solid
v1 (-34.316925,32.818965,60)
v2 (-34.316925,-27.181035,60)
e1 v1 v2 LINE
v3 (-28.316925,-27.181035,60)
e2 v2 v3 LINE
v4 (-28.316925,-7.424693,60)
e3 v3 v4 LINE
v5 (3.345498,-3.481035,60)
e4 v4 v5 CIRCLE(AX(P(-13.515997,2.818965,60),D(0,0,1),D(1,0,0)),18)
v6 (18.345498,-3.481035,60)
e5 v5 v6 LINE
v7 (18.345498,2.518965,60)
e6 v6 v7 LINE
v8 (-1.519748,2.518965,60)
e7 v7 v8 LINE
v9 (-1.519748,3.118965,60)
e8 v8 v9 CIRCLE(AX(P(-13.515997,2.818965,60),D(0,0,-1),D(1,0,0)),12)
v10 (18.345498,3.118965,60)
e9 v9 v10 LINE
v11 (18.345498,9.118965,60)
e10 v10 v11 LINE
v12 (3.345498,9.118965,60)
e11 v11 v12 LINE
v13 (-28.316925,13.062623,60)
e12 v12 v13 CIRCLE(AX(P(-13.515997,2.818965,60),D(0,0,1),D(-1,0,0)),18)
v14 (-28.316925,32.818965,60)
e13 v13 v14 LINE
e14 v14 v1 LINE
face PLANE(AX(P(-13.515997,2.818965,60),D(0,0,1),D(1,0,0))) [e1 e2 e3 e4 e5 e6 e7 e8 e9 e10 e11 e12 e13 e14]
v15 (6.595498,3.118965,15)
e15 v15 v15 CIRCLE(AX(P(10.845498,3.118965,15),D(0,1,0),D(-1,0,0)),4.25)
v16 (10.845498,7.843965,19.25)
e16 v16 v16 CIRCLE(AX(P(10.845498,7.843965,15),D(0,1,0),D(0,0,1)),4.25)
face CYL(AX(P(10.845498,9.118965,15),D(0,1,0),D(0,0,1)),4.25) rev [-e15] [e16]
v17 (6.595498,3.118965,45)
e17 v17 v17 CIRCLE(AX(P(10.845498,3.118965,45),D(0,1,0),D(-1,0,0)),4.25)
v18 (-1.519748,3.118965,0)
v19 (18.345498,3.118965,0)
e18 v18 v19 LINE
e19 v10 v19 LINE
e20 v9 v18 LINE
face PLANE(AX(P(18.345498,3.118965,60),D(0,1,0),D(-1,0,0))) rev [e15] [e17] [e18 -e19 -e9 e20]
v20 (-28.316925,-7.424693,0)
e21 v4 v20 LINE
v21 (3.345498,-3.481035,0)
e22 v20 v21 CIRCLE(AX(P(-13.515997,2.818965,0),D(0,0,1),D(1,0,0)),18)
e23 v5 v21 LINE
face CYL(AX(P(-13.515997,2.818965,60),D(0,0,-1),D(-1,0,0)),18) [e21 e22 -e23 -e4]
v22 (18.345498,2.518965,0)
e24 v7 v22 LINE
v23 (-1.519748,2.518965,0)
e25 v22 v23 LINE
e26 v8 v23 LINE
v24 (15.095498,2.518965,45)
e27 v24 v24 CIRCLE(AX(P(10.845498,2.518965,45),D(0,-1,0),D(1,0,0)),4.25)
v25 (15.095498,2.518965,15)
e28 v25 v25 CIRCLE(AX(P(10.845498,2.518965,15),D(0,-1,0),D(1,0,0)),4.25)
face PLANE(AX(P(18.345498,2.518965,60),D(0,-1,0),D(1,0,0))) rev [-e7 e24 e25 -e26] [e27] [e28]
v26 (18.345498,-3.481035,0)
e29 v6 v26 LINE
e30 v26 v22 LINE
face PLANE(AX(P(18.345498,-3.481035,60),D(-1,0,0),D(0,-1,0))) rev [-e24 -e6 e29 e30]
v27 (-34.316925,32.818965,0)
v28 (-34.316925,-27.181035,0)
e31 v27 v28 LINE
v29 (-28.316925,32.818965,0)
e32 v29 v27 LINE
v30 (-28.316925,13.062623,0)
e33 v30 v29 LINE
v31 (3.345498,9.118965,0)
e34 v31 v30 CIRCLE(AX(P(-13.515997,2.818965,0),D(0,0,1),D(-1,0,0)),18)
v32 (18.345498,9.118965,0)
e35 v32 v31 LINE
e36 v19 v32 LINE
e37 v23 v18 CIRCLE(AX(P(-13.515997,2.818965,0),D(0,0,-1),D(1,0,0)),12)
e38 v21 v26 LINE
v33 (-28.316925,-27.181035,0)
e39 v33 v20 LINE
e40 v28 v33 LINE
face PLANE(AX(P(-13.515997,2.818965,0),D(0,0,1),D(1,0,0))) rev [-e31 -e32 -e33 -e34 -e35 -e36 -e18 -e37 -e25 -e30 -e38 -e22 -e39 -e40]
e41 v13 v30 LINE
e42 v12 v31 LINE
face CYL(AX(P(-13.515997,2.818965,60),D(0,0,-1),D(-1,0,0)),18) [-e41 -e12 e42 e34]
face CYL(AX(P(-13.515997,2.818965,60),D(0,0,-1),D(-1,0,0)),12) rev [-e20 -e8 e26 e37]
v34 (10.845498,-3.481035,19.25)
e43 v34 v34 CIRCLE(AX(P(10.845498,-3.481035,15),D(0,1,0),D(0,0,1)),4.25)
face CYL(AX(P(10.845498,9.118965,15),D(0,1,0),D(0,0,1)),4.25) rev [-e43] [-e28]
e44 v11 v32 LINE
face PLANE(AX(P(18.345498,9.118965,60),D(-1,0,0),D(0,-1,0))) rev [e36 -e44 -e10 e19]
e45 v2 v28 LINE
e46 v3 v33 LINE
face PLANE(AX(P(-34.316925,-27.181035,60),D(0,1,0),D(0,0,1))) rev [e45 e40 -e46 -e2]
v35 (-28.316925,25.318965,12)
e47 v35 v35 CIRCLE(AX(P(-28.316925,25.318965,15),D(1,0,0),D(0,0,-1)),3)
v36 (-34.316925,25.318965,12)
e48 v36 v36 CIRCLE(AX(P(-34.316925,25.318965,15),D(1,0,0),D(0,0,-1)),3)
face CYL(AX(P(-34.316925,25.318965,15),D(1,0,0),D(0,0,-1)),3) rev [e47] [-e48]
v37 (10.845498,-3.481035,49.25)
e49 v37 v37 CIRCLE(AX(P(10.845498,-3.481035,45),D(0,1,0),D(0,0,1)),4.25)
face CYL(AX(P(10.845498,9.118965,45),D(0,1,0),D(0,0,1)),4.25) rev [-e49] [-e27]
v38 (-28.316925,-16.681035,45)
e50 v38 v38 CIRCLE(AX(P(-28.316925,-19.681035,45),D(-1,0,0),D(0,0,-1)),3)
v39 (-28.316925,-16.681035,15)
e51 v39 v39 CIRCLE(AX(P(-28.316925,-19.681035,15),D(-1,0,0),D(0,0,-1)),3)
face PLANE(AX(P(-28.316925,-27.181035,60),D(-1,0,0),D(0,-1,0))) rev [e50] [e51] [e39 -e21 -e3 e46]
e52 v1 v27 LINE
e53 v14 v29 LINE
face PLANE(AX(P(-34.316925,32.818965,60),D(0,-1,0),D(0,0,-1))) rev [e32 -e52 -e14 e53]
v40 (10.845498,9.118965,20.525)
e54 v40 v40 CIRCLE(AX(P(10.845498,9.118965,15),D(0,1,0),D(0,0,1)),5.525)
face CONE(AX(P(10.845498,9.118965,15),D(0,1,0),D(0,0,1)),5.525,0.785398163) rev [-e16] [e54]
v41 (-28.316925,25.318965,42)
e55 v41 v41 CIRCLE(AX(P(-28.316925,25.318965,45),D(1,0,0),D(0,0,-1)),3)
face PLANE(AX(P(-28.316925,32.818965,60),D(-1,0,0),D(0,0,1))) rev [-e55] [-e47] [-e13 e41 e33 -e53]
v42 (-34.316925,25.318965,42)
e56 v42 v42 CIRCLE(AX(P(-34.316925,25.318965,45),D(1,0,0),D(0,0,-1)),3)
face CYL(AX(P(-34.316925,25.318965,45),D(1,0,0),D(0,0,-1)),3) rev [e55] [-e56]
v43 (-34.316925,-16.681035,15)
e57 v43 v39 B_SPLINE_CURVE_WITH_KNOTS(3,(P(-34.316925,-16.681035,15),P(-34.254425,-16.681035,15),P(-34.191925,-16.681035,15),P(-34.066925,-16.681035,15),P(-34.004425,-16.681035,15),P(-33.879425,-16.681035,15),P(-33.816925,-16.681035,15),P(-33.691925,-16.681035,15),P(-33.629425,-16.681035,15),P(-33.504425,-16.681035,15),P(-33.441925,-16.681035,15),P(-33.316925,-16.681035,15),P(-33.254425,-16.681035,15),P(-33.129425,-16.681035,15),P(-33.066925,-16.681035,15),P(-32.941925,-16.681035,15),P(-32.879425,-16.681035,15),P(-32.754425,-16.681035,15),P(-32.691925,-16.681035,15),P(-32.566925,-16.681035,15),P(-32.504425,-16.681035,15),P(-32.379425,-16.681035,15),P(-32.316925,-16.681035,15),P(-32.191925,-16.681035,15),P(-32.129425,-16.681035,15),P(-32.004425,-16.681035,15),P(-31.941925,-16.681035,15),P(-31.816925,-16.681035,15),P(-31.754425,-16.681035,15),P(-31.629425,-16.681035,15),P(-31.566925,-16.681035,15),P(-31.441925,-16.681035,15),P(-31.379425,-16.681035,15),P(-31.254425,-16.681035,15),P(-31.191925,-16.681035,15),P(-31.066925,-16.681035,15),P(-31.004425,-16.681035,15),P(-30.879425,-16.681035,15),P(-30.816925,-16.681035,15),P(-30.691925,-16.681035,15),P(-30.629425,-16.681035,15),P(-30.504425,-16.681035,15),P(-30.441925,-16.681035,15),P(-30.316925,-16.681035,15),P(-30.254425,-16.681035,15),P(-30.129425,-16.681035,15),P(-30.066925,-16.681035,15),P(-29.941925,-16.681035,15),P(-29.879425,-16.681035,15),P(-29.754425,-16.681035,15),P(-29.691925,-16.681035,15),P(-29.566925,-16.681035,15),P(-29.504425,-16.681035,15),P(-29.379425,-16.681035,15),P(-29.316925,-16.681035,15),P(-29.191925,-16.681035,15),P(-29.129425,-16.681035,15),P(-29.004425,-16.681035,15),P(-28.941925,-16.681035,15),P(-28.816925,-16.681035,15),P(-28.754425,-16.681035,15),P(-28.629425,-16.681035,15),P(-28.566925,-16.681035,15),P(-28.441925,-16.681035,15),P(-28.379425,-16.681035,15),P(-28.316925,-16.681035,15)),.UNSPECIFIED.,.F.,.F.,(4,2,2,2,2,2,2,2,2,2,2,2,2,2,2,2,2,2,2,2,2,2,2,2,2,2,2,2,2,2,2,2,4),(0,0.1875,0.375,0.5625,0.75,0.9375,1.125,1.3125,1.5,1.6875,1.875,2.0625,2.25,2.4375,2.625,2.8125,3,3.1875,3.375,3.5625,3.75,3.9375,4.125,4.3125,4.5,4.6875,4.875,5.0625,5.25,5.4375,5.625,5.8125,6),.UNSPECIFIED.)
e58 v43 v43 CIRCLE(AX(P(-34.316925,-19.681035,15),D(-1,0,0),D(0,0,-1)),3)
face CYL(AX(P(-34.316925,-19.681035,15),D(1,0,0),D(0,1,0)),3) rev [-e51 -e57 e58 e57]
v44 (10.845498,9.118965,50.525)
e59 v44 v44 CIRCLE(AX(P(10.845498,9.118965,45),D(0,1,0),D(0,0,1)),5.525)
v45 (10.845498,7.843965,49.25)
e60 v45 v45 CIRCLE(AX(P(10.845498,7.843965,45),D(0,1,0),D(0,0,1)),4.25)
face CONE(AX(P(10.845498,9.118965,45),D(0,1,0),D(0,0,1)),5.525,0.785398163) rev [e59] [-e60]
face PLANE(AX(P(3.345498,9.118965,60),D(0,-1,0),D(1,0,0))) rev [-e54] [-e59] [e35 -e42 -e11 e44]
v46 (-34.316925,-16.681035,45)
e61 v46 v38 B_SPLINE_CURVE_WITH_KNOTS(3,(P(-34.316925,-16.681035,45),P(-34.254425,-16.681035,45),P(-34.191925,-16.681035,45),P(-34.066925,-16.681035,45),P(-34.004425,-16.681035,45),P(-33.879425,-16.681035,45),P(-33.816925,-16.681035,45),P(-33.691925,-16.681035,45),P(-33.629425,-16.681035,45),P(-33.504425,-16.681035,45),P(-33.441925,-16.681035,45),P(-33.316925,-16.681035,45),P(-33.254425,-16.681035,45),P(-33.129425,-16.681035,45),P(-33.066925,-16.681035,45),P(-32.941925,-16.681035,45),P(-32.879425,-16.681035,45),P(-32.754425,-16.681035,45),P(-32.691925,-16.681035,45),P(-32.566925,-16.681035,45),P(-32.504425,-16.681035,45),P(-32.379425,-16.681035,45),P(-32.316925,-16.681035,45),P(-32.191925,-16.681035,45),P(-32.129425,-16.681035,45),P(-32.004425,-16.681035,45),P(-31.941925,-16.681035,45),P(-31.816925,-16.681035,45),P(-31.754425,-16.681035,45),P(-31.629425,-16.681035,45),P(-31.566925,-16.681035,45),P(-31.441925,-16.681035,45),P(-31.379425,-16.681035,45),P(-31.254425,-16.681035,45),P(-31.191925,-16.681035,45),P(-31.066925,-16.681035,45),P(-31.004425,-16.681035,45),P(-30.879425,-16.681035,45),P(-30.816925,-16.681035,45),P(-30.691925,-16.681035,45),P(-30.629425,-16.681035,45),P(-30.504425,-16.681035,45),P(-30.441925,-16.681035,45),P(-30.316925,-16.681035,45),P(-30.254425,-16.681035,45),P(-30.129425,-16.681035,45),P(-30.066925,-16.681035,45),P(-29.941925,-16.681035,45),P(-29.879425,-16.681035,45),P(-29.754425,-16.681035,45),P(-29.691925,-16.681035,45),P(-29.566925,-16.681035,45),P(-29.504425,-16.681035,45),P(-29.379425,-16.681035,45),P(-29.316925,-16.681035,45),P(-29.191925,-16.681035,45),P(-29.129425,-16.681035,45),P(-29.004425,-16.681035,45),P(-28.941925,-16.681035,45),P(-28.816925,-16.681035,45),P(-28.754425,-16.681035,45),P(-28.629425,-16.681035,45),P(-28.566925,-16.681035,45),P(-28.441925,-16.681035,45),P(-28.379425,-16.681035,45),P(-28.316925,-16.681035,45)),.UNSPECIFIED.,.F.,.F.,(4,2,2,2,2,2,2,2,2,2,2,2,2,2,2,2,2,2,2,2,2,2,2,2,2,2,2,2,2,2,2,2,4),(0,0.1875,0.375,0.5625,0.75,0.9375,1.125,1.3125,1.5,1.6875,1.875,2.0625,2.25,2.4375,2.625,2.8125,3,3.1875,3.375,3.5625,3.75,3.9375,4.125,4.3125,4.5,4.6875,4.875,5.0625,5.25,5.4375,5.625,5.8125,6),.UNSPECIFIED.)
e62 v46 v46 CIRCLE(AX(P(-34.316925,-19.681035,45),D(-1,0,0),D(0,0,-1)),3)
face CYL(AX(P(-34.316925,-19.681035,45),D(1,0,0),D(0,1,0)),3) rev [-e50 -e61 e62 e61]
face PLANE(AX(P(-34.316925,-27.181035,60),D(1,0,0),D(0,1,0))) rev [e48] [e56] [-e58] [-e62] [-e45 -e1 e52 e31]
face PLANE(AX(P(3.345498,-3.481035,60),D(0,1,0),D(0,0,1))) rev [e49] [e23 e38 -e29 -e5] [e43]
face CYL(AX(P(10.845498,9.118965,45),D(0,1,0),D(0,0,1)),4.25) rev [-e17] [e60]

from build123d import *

# Parameters (mm, degrees)
EXTRUDE_1_DEPTH               = 60
SKETCH_2_R                    = 3
CUT_EXTRUDE_1_DEPTH           = 83.791703555
HOLE_WIZARD_M10_1_D           = 8.5
HOLE_WIZARD_M10_1_DEPTH       = 27.5
HOLE_WIZARD_M10_1_CSINK_D     = 11.05
HOLE_WIZARD_M10_1_CSINK_ANGLE = 90
HOLE_WIZARD_M10_1_TIP         = 2.553657631


with BuildPart() as part:
    # 草图1 → 凸台-拉伸1 (new body)
    with BuildSketch(Plane.XY):
        with BuildLine():
            Line((-34.31692533, -27.181035016), (-34.31692533, 32.818964984))
            Line((-34.31692533, 32.818964984), (-28.31692533, 32.818964984))
            Line((-28.31692533, 32.818964984), (-28.31692533, 13.062622536))
            ThreePointArc((-28.31692533, 13.062622536), (-11.291229121, 20.680947179), (3.345497613, 9.118964984))
            Line((3.345497613, 9.118964984), (18.345497613, 9.118964984))
            Line((18.345497613, 9.118964984), (18.345497613, 3.118964984))
            Line((18.345497613, 3.118964984), (-1.519747569, 3.118964984))
            ThreePointArc((-1.519747569, 3.118964984), (-25.515996982, 2.818964984), (-1.519747569, 2.518964984))
            Line((-1.519747569, 2.518964984), (18.345497613, 2.518964984))
            Line((18.345497613, 2.518964984), (18.345497613, -3.481035016))
            Line((18.345497613, -3.481035016), (3.345497613, -3.481035016))
            ThreePointArc((3.345497613, -3.481035016), (-11.291229121, -15.043017212), (-28.31692533, -7.424692569))
            Line((-28.31692533, -7.424692569), (-28.31692533, -27.181035016))
            Line((-28.31692533, -27.181035016), (-34.31692533, -27.181035016))
        make_face()
    extrude(amount=EXTRUDE_1_DEPTH)

    # 草图2 → 切除-拉伸1 (cut, through all)
    with BuildSketch(Plane(origin=(-28.31692533, 0, 0), x_dir=(0, 0, -1), z_dir=(1, 0, 0))):
        with Locations((-45, 25.318964984)):
            Circle(SKETCH_2_R)
        with Locations((-15, 25.318964984)):
            Circle(SKETCH_2_R)
    cut_extrude_1 = extrude(amount=-CUT_EXTRUDE_1_DEPTH, mode=Mode.SUBTRACT)

    # 镜向3: 切除-拉伸1 across plane
    add(cut_extrude_1.mirror(Plane.ZX.offset(2.818964984)), mode=Mode.SUBTRACT)

    # M10 螺纹孔1
    with Locations(Plane(origin=(10.845497613, 9.118964984, 15), x_dir=(1, 0, 0), z_dir=(0, 1, 0))):
        with Locations((0, 0), (0, -30)):
            CounterSinkHole(HOLE_WIZARD_M10_1_D / 2, HOLE_WIZARD_M10_1_CSINK_D / 2, depth=HOLE_WIZARD_M10_1_DEPTH, counter_sink_angle=HOLE_WIZARD_M10_1_CSINK_ANGLE)
            with Locations((0, 0, -(HOLE_WIZARD_M10_1_DEPTH + HOLE_WIZARD_M10_1_TIP / 2))):  # 118° drill point
                Cone(0, HOLE_WIZARD_M10_1_D / 2, HOLE_WIZARD_M10_1_TIP, mode=Mode.SUBTRACT)


solid = part.part
